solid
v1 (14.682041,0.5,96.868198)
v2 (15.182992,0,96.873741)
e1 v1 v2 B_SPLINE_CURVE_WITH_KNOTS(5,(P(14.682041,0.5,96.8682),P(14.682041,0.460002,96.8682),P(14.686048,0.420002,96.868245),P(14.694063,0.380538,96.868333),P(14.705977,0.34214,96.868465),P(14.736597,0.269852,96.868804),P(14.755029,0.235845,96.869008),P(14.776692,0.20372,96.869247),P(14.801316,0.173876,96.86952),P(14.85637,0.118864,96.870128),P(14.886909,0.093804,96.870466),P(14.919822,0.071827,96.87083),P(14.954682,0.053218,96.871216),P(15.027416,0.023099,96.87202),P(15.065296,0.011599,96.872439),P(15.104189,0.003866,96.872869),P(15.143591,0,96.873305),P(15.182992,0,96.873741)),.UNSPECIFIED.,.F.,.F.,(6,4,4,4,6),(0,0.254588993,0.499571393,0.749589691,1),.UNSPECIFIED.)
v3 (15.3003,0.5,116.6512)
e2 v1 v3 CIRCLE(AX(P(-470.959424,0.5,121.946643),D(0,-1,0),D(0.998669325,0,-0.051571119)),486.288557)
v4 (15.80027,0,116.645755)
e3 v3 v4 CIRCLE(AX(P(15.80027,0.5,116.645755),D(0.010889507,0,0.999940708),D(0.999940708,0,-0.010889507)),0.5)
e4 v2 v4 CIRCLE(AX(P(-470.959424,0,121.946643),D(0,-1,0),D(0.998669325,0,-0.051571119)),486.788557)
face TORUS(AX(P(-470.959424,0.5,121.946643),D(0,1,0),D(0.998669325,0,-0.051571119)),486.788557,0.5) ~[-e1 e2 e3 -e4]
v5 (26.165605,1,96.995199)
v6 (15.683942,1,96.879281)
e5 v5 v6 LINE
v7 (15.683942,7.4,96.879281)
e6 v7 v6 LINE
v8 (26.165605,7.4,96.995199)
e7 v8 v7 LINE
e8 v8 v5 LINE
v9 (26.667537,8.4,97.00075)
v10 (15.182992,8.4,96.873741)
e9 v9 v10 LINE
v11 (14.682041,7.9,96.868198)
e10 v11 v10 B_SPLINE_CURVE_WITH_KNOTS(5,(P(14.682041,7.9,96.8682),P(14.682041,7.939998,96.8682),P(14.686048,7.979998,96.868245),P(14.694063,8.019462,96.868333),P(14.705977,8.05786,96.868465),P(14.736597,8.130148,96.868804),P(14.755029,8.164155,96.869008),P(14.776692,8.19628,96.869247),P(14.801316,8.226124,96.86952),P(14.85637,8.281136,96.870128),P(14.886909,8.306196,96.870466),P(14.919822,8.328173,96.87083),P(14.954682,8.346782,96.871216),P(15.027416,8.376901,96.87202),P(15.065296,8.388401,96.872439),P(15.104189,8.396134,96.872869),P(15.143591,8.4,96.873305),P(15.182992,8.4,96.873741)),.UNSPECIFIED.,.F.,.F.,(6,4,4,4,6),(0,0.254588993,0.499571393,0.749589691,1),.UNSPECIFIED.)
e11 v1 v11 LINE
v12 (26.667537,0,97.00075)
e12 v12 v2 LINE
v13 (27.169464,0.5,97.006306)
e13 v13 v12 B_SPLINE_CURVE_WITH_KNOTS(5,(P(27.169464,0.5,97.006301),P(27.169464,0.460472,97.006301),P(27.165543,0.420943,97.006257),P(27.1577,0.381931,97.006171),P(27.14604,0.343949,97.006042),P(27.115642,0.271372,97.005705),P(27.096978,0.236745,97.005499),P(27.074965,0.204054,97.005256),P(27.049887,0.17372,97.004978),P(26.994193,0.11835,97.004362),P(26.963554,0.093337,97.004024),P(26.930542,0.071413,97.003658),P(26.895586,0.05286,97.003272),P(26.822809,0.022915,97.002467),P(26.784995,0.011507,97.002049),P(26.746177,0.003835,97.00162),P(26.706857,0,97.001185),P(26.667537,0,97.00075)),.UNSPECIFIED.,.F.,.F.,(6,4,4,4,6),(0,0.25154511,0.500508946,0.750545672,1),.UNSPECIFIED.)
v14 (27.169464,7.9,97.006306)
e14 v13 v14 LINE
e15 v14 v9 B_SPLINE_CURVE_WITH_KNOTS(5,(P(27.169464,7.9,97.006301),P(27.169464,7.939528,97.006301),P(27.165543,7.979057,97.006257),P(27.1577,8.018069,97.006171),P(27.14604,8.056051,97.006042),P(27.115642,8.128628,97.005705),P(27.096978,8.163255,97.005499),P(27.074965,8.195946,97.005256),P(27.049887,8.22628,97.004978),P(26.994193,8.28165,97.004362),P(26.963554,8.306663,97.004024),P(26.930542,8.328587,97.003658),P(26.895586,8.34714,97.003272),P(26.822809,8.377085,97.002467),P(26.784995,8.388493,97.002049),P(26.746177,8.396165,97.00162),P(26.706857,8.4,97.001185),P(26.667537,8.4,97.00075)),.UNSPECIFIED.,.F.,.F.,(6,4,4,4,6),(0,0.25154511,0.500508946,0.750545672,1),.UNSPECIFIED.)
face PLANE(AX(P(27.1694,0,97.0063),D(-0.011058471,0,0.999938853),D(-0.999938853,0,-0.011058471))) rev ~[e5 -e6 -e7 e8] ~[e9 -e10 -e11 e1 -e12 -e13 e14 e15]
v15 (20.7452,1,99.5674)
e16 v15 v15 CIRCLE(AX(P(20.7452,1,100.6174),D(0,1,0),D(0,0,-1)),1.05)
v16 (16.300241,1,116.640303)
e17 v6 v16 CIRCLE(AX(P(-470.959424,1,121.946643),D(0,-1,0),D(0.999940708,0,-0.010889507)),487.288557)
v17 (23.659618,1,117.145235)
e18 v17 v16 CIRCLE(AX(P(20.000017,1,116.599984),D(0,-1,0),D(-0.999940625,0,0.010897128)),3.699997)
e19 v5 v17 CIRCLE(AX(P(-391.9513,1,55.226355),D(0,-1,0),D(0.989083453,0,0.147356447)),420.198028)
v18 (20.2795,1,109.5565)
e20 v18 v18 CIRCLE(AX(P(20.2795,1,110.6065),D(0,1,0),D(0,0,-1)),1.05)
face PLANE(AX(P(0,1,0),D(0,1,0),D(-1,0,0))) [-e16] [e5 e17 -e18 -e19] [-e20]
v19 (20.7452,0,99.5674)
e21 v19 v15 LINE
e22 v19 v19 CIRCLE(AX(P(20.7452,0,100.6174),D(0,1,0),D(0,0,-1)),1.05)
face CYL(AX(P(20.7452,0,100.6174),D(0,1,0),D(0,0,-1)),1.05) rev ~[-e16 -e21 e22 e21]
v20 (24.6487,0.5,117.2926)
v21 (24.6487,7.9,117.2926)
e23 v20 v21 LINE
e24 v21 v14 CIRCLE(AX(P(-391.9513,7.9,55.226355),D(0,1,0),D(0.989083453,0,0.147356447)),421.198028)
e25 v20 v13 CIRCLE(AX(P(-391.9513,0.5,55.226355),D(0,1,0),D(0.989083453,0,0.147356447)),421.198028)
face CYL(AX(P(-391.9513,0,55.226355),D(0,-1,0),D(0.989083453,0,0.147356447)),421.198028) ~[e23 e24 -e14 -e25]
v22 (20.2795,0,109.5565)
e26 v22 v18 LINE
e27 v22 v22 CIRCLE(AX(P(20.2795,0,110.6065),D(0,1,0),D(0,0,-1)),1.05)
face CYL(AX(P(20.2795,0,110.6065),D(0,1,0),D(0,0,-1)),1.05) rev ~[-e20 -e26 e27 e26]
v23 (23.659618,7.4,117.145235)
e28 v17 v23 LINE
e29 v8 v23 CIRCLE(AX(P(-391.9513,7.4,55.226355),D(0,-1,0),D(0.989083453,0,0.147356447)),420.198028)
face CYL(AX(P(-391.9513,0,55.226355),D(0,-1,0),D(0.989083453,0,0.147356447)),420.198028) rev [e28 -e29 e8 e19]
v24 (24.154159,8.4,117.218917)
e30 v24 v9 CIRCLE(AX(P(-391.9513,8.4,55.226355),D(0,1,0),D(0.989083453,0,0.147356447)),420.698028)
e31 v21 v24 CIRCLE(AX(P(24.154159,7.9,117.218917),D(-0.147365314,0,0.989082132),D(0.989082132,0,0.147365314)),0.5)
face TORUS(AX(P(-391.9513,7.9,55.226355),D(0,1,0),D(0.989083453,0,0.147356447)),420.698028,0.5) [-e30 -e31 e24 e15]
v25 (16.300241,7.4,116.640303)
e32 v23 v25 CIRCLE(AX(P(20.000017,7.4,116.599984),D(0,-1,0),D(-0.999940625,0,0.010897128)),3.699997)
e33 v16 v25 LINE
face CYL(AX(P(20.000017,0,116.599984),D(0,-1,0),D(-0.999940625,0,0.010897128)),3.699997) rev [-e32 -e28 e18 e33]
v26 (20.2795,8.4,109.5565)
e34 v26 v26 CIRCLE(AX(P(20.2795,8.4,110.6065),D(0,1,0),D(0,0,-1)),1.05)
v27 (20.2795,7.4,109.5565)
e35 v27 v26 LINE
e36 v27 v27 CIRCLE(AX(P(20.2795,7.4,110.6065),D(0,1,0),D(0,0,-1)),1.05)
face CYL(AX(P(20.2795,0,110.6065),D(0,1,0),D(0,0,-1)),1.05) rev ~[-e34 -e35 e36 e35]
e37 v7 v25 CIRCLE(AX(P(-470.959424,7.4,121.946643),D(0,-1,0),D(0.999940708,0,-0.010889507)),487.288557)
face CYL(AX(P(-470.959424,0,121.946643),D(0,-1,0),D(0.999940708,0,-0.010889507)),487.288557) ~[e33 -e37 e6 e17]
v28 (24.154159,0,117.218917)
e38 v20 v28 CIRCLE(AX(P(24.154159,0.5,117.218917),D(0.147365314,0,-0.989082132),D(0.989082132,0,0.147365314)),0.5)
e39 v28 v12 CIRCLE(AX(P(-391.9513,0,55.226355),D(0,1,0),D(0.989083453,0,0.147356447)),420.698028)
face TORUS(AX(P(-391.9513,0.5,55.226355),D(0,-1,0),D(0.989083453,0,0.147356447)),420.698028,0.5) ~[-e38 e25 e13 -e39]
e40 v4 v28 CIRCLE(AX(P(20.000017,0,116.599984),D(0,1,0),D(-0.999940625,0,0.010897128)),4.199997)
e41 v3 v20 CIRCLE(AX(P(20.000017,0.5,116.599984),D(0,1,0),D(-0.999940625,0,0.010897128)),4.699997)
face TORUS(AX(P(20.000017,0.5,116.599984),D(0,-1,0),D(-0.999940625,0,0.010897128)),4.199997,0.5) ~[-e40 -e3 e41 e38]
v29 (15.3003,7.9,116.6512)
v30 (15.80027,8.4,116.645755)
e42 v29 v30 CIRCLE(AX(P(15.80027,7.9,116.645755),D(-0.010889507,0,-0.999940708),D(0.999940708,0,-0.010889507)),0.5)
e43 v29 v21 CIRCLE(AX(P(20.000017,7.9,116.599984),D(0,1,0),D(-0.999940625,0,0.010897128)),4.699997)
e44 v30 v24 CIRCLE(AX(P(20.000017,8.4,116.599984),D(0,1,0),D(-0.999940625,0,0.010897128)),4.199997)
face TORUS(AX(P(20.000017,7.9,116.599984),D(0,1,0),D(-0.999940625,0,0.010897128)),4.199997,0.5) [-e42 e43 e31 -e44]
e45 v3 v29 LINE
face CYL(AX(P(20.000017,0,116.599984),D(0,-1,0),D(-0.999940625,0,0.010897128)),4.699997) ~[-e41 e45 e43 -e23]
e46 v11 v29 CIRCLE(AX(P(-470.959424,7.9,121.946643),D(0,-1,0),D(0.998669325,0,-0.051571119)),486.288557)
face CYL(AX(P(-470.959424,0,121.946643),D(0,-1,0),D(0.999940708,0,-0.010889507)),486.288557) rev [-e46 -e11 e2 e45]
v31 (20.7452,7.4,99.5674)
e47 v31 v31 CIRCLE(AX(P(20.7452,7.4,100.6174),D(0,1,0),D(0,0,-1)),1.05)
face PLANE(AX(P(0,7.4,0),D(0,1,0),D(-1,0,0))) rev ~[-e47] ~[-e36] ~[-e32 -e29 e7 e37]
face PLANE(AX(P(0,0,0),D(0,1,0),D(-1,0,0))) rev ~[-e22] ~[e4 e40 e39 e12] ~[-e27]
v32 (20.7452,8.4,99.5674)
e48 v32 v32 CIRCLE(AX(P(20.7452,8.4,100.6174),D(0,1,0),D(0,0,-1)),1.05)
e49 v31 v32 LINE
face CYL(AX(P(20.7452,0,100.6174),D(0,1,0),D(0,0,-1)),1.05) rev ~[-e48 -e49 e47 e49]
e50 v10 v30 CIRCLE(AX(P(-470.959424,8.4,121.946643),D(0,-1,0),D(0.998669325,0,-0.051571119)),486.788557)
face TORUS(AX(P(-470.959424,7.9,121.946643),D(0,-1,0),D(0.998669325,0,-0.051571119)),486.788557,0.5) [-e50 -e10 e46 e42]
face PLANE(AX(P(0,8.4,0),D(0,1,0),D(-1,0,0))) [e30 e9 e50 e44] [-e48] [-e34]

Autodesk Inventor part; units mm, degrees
ref_plane "YZ Plane" through (0, 0, 0) normal (1, 0, 0) x (0, 1, 0)
ref_plane "XZ Plane" through (0, 0, 0) normal (0, 1, 0) x (-1, 0, 0)
ref_plane "XY Plane" through (0, 0, 0) normal (0, 0, 1) x (1, 0, 0)
sketch "Sketch1" plane through (0, 0, 0) normal (0, 1, 0) x (-1, 0, 0)
  line L0 (0, 0) -> (-4, 0)
  line L1 (0, 0) -> (0, 36.6)
  line L2 (-24.4, 0) -> (-24.4, 6) construction
  line L3 (-18.4, 6) -> (-6, 6)
  line L4 (-6, 6) -> (-6, 30.6)
  line L5 (-6, 30.6) -> (-18.4, 30.6)
  line L6 (-18.4, 30.6) -> (-18.4, 6)
  line L7 (-24.4, 36.6) -> (-23.6295, 36.6) construction
  arc A0 (-20.163, 113.1038) -> (-23.4834, 116.9404) centre (-20, 116.6) ccw construction
  line L8 (-12.2, 4.1) -> (-12.2, 32.5) construction
  line L9 (-26.8761, 4.1) -> (8.0494, 4.1) construction
  line L10 (-27.3708, 32.5) -> (4.7796, 32.5) construction
  line L11 (-27.5308, 18.3) -> (1.4723, 18.3) construction
  arc A1 (-16.5002, 116.6381) -> (-9, 36.6) centre (470.9644, 121.9469) ccw construction
  line L12 (-23.6295, 36.6) -> (-13.0622, 36.6)
  line L13 (-9, 36.6) -> (0, 36.6)
  line L14 (-21.9951, 96.4905) -> (-19.8751, 96.6)
  line L15 (-19.8751, 96.6) -> (-15.8804, 96.8063) construction
  line L16 (-21.9951, 96.4905) -> (-25.9754, 96.8873) construction
  line L17 (-13.0622, 36.6) -> (-9.123, 37.2946) construction
  line L18 (-20, 116.6) -> (-16.5, 116.6) construction
  line L19 (-20, 116.6) -> (-20.7452, 100.6174) construction
  line L20 (-18.4, 6) -> (-24.4, 6)
  line L21 (-6, 6) -> (0, 6)
  arc A2 (-17.4, 0) -> (-14.7466, -6.9504) centre (-6.9703, 0) ccw
  arc A3 (-9.6573, 0) -> (-14.7466, -6.9504) centre (-0.5472, -12.0091) ccw
  arc A4 (-20.4, 0) -> (-13, -12) centre (-6.9703, 0) ccw
  arc A5 (-4, 0) -> (-13, -12) centre (1.9602, -13.8452) ccw
  line L22 (-14.7466, -6.9504) -> (-16.9833, -8.9496) construction
  line L23 (-14.7466, -6.9504) -> (-11.9734, -8.0949) construction
  line L24 (-20.4, 0) -> (-24.4, 0)
  line L25 (-17.4, 0) -> (-20.4, 0) construction
  line L26 (-9.6573, 0) -> (-17.4, 0)
  line L27 (-7.7289, -2.2981) -> (-9.6573, 0) construction
  arc A6 (-23.4834, 116.9404) -> (-20.163, 113.1038) centre (-20, 116.6) ccw construction
  line L28 (-21.4, -3.4679) -> (-21.4, 37.7463) construction
  line L29 (-24.4, 19.6) -> (-18.4, 19.6)
  line L30 (-6, 19.6) -> (0, 19.6)
  line L31 (-29.0378, 12.8) -> (2.5913, 12.8) construction
  arc A7 (-23.4618, 117.1157) -> (-24.4, 0) centre (391.9533, 55.2262) ccw construction
  arc A8 (-21.9951, 96.4905) -> (-23.6295, 36.6) centre (391.9533, 55.2262) ccw
  arc A9 (-19.8751, 96.6) -> (-13.0622, 36.6) centre (470.9644, 121.9469) ccw
  line L32 (-20.7452, 100.6174) -> (-20.9351, 96.5453) construction
  line L33 (-24.4, 6) -> (-24.4, 19.6)
  line L34 (-24.4, 19.6) -> (-24.4, 36.6) construction
  arc A10 (-15.3003, 116.6512) -> (-7.9935, 37.8) centre (470.9644, 121.9469) ccw
  line L35 (-7.9935, 37.8) -> (1.2, 37.8)
  line L36 (1.2, 37.8) -> (1.2, -1.2)
  line L37 (1.2, -1.2) -> (-3.7473, -1.2)
  arc A11 (-3.7473, -1.2) -> (-11.9132, -13.7694) centre (1.9602, -13.8452) ccw
  arc A12 (-21.5507, -1.2) -> (-11.9132, -13.7694) centre (-6.9703, 0) ccw
  line L38 (-21.5507, -1.2) -> (-25.45, -1.2)
  arc A13 (-24.6487, 117.2926) -> (-25.45, -1.2) centre (391.9533, 55.2262) ccw
  arc A14 (-15.3003, 116.6512) -> (-24.6487, 117.2926) centre (-20, 116.6) ccw
  line L39 (-15.8804, 96.8063) -> (-14.682, 96.8682)
  line L40 (-25.9754, 96.8873) -> (-27.1694, 97.0063)
  line L41 (-27.1694, 97.0063) -> (-14.682, 96.8682)
  point P0 (-20.2795, 110.6065)
  dimension "d4" = 6
  dimension "d5" = 24.6
  dimension "d6" = 12.4
  dimension "d7" = 6
  dimension "d15" = 7
  dimension "d17" = 9
  dimension "d21" = 20
  dimension "d23" = 80
  dimension "d24" = 20
  dimension "d29" = 170
  dimension "d30" = 6
  dimension "d31" = 10
  dimension "d43" = 4
  dimension "d44" = 3
  dimension "d45" = 4
  dimension "d50" = 13
  dimension "d51" = 12
  dimension "d52" = 130
  dimension "d89" = 6.8
  dimension "d90" = 28.4
  dimension "d107" = 420
  dimension "d108" = 4
  dimension "d109" = 4
  dimension "d114" = 1.2
  dimension "d115" = 1.2
extrude "Extrusion4" add sketch "Sketch1" along normal blind 8.4 contours A10 L41 A13 A14
shell "Shell1" thickness 1 removed faces 1 at (23.007, 2.8, 96.9603)
hole "Hole6" at (12.2, 0, 4.1) at (12.2, 0, 32.5) at (20.2795, 0, 110.6065) at (20.7452, 0, 100.6174) direction (0, 1, 0) diameter 2.1 end through all
fillet "Fillet12" radius 0.5 6 edges at (19.6783, 8.4, 121.289) (15.0918, 8.4, 106.7565) (26.0322, 8.4, 107.1647) (19.6783, 0, 121.289) (15.0918, 0, 106.7565) (26.0322, 0, 107.1647)
properties part number "LegEnd_Right_Head"
